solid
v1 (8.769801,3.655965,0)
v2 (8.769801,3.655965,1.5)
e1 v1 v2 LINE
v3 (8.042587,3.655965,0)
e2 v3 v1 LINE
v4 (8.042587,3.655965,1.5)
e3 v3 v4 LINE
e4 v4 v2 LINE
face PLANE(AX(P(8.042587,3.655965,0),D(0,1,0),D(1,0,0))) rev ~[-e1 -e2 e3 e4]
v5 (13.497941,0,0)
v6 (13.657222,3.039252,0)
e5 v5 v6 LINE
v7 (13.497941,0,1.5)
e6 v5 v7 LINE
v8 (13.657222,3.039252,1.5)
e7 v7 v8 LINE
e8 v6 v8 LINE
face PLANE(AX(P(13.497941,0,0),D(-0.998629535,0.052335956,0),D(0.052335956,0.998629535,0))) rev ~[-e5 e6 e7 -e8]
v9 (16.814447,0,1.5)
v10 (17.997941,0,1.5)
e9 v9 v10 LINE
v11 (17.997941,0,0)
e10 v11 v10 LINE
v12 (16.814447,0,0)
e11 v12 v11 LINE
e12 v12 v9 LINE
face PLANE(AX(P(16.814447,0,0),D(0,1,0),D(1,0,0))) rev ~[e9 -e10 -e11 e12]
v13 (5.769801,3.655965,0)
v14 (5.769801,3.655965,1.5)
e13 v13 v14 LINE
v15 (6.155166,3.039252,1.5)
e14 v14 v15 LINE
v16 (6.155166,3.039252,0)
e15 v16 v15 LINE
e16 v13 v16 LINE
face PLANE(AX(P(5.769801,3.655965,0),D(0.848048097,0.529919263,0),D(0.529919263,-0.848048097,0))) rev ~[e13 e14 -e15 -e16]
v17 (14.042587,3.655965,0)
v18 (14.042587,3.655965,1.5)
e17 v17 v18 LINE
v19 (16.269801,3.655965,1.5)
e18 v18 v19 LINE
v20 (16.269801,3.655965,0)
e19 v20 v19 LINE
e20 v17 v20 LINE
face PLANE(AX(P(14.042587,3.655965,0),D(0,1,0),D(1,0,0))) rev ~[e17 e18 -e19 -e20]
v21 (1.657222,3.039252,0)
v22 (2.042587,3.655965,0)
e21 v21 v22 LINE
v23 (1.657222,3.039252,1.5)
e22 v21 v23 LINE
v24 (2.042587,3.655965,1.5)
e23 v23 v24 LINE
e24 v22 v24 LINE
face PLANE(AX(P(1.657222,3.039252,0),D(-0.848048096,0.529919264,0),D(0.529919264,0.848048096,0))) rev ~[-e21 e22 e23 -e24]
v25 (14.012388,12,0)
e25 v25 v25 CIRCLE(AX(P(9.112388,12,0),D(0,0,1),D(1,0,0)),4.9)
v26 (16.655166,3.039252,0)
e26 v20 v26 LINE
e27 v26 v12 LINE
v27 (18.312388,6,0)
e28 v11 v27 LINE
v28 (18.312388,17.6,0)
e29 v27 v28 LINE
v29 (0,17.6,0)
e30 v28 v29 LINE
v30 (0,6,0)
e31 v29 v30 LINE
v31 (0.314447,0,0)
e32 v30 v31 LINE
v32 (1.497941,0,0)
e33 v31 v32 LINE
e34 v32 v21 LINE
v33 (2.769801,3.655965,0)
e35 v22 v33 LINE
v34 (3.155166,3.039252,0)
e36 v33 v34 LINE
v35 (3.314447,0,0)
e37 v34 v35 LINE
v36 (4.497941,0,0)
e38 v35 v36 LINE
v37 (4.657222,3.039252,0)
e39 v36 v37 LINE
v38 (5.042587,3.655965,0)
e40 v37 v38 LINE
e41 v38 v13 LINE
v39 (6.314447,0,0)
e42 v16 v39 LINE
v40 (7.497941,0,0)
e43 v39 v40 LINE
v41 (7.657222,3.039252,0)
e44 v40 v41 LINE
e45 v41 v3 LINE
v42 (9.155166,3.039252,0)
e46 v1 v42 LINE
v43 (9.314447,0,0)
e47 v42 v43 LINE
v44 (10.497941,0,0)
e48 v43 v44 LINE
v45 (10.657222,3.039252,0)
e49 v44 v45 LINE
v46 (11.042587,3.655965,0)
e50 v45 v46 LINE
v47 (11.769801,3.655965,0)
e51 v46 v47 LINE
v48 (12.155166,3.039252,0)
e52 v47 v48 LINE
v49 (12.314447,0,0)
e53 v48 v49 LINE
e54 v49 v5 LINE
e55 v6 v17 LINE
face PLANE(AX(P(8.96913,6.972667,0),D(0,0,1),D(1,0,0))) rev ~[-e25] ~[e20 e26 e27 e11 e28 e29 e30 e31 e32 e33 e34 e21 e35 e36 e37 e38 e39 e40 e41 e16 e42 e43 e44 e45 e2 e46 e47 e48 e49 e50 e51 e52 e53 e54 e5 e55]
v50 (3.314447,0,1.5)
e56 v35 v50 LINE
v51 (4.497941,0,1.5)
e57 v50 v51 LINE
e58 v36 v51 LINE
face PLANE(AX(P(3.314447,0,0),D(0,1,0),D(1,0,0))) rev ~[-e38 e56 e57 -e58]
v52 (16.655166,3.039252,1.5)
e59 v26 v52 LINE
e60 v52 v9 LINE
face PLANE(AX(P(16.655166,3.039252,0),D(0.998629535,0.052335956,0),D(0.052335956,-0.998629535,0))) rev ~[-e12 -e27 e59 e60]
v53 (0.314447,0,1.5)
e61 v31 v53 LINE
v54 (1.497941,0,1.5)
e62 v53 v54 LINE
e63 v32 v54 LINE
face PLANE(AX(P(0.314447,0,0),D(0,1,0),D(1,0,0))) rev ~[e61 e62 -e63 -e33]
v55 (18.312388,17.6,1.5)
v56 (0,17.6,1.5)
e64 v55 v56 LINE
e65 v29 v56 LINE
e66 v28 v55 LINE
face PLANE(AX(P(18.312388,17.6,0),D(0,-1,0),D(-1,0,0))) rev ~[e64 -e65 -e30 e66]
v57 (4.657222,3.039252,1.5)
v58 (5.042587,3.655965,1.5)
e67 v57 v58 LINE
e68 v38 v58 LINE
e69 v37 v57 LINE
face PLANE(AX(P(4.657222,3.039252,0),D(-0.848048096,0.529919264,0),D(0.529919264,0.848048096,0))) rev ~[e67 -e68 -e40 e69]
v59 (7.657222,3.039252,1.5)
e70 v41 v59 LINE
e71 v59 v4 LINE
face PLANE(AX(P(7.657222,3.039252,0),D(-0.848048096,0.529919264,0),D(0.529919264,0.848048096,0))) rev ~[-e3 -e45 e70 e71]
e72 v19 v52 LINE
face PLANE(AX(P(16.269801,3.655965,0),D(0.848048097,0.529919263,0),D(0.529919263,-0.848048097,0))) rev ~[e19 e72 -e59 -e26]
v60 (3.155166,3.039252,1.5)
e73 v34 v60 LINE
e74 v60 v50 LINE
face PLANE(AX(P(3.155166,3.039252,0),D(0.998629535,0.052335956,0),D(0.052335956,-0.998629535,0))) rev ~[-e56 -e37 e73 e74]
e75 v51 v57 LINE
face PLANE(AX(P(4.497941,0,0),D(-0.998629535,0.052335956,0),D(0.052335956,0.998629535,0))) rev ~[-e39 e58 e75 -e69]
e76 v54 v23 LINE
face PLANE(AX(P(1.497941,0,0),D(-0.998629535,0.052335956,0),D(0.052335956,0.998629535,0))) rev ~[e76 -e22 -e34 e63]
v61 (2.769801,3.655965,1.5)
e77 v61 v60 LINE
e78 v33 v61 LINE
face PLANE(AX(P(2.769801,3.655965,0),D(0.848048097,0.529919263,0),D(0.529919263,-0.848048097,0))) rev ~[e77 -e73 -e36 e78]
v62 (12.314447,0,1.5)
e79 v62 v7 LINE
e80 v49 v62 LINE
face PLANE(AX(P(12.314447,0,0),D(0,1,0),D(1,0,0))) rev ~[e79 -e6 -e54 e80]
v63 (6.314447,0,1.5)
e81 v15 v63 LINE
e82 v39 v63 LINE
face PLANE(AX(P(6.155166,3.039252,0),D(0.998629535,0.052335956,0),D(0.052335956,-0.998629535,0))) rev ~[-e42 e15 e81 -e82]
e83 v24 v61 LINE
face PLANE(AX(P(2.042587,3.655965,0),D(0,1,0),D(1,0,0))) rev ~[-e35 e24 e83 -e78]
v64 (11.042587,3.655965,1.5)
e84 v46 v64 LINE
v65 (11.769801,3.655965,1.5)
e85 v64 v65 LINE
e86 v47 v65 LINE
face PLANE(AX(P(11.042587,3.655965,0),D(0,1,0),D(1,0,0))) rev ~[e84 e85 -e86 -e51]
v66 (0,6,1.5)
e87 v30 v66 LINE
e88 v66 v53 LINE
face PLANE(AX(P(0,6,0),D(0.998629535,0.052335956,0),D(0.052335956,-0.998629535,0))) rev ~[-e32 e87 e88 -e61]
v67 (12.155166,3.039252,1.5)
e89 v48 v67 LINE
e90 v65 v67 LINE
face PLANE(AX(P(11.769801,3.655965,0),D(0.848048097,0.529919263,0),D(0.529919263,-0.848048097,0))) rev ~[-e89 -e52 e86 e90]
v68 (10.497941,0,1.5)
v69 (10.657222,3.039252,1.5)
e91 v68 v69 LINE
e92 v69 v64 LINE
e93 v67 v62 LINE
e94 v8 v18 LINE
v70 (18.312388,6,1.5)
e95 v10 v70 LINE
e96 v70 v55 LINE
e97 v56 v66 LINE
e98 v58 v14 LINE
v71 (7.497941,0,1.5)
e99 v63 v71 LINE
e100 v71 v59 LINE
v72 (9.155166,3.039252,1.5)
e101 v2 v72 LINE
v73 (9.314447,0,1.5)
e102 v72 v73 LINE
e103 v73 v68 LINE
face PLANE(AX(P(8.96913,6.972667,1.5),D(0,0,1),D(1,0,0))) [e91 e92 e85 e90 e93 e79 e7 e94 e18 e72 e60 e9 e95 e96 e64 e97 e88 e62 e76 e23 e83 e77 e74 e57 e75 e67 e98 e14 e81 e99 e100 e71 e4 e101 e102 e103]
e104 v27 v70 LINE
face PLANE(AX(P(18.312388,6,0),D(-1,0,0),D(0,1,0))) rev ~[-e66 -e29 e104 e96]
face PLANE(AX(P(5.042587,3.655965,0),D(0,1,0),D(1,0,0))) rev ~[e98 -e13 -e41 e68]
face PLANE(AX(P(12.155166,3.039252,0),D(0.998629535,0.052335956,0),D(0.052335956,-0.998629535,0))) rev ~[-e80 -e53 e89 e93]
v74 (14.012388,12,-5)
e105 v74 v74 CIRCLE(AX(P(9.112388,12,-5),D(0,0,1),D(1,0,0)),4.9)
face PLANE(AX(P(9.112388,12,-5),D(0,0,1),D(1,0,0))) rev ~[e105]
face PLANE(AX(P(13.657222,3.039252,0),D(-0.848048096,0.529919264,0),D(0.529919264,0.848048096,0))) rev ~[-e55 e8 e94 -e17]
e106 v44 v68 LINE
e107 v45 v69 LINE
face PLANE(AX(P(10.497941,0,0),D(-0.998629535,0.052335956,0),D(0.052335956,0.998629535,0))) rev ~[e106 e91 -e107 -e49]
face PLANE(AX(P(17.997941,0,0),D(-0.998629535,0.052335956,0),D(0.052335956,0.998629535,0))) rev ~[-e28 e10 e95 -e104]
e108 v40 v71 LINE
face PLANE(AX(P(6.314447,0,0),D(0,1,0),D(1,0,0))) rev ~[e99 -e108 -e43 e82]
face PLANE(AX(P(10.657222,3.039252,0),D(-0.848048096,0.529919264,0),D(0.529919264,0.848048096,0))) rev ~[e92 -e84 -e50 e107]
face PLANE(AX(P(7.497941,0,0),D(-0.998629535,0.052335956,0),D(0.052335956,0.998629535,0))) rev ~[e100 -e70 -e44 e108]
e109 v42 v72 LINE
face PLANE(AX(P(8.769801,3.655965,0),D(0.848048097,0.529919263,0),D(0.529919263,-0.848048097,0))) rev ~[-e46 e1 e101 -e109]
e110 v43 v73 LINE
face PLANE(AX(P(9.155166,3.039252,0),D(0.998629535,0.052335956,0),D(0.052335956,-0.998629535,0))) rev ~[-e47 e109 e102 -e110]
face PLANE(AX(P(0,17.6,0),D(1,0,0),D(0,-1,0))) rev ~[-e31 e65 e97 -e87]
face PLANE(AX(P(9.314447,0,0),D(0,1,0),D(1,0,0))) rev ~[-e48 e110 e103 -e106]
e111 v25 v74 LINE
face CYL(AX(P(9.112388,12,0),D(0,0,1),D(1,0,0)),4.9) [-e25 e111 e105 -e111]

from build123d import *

# Parameters (mm, degrees)
BOSS_EXTRUDE1_DEPTH = 1.5
SKETCH10_R          = 4.9
BOSS_EXTRUDE2_DEPTH = 5


with BuildPart() as part:
    # Sketch1 → Boss-Extrude1 (new body)
    with BuildSketch(Plane.XY):
        Polygon((0, 6), (0.314446676, 0), (1.497941481, 0), (1.657221927, 3.039251967), (2.042586863, 3.65596478), (2.769801294, 3.65596478), (3.155166229, 3.039251967), (3.314446676, 0), (4.497941481, 0), (4.657221927, 3.039251967), (5.042586863, 3.65596478), (5.769801294, 3.65596478), (6.155166229, 3.039251967), (6.314446676, 0), (7.497941481, 0), (7.657221927, 3.039251967), (8.042586863, 3.65596478), (8.769801294, 3.65596478), (9.155166229, 3.039251967), (9.314446676, 0), (10.497941481, 0), (10.657221927, 3.039251967), (11.042586863, 3.65596478), (11.769801294, 3.65596478), (12.155166229, 3.039251967), (12.314446676, 0), (13.497941481, 0), (13.657221927, 3.039251967), (14.042586863, 3.65596478), (16.269801294, 3.65596478), (16.655166229, 3.039251967), (16.814446676, 0), (17.997941481, 0), (18.312388157, 6), (18.312388157, 17.6), (0, 17.6), align=None)
    extrude(amount=BOSS_EXTRUDE1_DEPTH)

    # Sketch10 → Boss-Extrude2 (add)
    with BuildSketch(Plane.XY):
        with Locations((9.112388157, 12)):
            Circle(SKETCH10_R)
    extrude(amount=-BOSS_EXTRUDE2_DEPTH)


solid = part.part
